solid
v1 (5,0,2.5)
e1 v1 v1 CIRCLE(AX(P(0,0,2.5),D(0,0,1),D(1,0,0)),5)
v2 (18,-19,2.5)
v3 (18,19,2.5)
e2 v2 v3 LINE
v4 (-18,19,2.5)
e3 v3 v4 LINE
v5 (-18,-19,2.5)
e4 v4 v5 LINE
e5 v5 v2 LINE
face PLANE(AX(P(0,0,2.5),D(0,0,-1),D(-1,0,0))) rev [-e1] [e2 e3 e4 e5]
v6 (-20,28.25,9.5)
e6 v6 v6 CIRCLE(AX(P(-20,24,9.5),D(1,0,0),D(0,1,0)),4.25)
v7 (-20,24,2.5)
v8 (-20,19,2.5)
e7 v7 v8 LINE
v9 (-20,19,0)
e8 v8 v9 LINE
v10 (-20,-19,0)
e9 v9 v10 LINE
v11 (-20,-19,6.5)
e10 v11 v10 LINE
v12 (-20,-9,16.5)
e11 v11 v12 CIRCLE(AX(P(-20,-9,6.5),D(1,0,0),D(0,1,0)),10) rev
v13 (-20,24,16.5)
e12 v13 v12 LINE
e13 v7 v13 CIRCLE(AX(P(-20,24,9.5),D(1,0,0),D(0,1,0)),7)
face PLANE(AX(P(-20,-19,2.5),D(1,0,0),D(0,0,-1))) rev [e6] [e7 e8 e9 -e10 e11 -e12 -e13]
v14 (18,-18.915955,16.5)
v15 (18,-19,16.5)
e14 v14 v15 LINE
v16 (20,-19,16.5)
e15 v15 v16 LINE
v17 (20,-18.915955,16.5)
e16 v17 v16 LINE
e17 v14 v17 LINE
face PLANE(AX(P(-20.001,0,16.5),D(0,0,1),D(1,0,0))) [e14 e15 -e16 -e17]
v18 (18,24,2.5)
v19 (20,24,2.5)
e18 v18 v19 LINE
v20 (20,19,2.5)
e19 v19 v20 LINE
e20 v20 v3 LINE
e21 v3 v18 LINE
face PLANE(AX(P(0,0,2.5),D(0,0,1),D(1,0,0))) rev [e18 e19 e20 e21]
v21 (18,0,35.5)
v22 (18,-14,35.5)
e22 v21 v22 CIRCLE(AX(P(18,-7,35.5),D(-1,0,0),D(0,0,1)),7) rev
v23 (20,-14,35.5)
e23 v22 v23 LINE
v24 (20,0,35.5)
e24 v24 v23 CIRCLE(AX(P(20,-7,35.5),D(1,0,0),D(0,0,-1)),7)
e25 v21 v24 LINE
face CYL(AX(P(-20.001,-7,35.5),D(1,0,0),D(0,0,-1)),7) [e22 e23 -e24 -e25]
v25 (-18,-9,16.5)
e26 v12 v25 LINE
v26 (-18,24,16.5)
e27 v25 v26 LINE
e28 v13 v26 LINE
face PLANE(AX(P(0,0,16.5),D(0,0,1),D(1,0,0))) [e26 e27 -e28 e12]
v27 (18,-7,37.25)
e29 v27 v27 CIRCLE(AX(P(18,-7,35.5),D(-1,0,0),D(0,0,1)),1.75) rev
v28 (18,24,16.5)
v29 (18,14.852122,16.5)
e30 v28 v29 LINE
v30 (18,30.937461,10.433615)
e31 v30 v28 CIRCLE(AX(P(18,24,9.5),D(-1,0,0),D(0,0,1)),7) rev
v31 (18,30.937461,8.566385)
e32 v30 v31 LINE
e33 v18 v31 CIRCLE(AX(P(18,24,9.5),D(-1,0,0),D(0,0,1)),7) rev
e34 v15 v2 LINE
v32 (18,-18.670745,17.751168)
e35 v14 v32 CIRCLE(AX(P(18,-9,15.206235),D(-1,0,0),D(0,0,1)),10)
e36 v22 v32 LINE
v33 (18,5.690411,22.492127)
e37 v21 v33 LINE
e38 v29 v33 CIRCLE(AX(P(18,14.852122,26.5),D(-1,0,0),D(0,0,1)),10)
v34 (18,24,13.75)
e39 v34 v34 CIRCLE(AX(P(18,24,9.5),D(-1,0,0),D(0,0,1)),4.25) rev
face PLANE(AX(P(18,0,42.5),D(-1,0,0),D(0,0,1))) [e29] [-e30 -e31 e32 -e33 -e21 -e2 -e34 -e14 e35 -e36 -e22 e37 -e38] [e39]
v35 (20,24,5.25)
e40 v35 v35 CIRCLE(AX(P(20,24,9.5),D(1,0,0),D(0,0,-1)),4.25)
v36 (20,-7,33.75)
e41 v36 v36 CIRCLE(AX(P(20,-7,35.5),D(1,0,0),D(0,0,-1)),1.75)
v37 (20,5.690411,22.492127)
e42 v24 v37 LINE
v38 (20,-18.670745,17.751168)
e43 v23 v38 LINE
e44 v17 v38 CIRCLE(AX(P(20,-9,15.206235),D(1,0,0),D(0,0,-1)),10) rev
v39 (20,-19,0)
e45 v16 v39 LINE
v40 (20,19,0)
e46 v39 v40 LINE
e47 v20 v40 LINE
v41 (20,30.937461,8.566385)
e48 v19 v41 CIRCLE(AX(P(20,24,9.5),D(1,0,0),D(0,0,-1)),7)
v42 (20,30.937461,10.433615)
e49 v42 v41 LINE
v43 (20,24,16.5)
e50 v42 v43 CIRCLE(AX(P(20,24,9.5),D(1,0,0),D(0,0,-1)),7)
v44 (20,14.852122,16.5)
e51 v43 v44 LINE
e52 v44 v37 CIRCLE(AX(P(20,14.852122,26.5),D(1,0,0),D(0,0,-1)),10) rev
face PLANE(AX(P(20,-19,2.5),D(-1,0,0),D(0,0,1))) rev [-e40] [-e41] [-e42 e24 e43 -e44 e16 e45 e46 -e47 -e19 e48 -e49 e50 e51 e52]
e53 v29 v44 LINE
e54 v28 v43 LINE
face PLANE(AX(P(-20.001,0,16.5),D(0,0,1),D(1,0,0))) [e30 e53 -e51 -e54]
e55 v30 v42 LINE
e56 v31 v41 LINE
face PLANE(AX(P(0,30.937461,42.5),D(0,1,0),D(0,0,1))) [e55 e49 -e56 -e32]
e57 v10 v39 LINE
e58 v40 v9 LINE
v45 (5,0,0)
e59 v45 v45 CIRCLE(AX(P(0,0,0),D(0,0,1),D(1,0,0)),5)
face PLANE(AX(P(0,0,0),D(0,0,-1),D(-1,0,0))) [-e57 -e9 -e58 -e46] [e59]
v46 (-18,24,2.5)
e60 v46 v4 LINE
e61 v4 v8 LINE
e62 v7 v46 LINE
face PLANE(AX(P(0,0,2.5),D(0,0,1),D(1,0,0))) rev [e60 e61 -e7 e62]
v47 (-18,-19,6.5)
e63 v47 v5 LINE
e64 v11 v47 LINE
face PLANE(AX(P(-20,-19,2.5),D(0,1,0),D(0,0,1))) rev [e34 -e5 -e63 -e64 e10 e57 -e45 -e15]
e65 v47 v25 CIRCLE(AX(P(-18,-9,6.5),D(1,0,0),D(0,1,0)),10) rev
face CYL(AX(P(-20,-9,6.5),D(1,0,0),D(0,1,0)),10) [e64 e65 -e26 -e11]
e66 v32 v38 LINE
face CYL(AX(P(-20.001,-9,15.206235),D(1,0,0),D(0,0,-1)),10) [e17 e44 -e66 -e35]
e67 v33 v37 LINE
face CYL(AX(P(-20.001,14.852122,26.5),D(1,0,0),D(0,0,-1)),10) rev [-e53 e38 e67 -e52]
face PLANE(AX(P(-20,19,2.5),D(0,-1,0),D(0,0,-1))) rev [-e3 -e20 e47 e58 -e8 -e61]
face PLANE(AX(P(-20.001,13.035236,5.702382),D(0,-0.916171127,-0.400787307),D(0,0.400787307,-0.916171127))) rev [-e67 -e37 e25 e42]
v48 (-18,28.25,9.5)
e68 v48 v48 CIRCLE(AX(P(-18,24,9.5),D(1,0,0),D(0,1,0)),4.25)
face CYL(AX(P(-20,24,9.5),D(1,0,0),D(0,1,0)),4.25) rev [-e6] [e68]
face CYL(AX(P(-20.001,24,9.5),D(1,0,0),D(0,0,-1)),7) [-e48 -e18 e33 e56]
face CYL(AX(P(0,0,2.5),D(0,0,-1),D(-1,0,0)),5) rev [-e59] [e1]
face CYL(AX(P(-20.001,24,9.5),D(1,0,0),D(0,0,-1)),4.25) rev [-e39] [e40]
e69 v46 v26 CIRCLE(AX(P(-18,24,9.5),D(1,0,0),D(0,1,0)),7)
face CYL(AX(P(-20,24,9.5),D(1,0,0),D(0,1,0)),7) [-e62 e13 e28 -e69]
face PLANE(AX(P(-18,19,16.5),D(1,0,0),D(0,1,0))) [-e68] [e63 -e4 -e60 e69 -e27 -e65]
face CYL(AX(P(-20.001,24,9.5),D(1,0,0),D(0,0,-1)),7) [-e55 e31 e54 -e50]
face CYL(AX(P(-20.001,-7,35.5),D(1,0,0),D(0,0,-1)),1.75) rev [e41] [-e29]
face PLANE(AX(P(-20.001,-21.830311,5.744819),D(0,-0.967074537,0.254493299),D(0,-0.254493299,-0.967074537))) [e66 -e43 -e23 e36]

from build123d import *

# Parameters (mm, degrees)
SKETCH_1_W          = 40
SKETCH_1_H          = 38
SKETCH_1_R          = 5
EXTRUDE_1_DEPTH     = 2.5
EXTRUDE_2_DEPTH     = 14
SKETCH_3_R          = 4.25
CUT_EXTRUDE_2_DEPTH = 3
SKETCH_4_W          = 2
SKETCH_4_H          = 11.937460889
SKETCH_4_H_2        = 38
EXTRUDE_3_DEPTH     = 40
CUT_EXTRUDE_3_REACH = 42
SKETCH_5_R          = 1.75
SKETCH_5_R_2        = 4.25


with BuildPart() as part:
    # 草图1 → 凸台-拉伸1 (new body)
    with BuildSketch(Plane.XY):
        Rectangle(SKETCH_1_W, SKETCH_1_H)
        Circle(SKETCH_1_R, mode=Mode.SUBTRACT)
    extrude(amount=EXTRUDE_1_DEPTH)

    # 草图2 → 凸台-拉伸2 (add)
    with BuildSketch(Plane.XY.offset(2.5)):
        Polygon((-18, 19), (-18, -19), (-20, -19), (-20, 19), (-20, 31), (-18, 31), align=None)
    extrude(amount=EXTRUDE_2_DEPTH)

    # 草图3 → 切除-拉伸2 (cut, through all)
    with BuildSketch(Plane(origin=(-18, 0, 0), x_dir=(0, 0, -1), z_dir=(1, 0, 0))):
        with BuildLine():
            Line((-16.5, -19), (-6.5, -19))
            ThreePointArc((-6.5, -19), (-13.571067812, -16.071067812), (-16.5, -9))
            Line((-16.5, -9), (-16.5, -19))
        make_face()
        with BuildLine():
            Line((-16.5, 31), (-16.5, 24))
            ThreePointArc((-16.5, 24), (-14.449747468, 28.949747468), (-9.5, 31))
            Line((-9.5, 31), (-16.5, 31))
        make_face()
        with BuildLine():
            ThreePointArc((-9.5, 31), (-4.550252532, 28.949747468), (-2.5, 24))
            Line((-2.5, 24), (-2.5, 31))
            Line((-2.5, 31), (-9.5, 31))
        make_face()
        with Locations((-9.5, 24)):
            Circle(SKETCH_3_R)
    extrude(amount=-CUT_EXTRUDE_2_DEPTH, mode=Mode.SUBTRACT)

    # 草图4 → 凸台-拉伸3 (add)
    with BuildSketch(Plane.XY.offset(2.5)):
        with Locations((19, 24.968730445)):
            Rectangle(SKETCH_4_W, SKETCH_4_H)
        with Locations((19, 0)):
            Rectangle(SKETCH_4_W, SKETCH_4_H_2)
    extrude(amount=EXTRUDE_3_DEPTH)

    # 草图5 → 切除-拉伸3 (cut, up to next)
    with BuildSketch(Plane(origin=(20, 0, 0), x_dir=(0, 0, -1), z_dir=(1, 0, 0)), mode=Mode.PRIVATE) as cut_extrude_3_sk1:
        with BuildLine():
            ThreePointArc((-35.5, -14), (-40.449747452, -11.949747484), (-42.5, -7.000000045))
            Line((-42.5, -7.000000045), (-42.5, -19))
            Line((-42.5, -19), (-16.5, -19))
            Line((-16.5, -19), (-16.5, -18.915955378))
            ThreePointArc((-16.5, -18.915955378), (-17.129495713, -18.813310688), (-17.751167584, -18.670745373))
            Line((-17.751167584, -18.670745373), (-35.5, -14))
        make_face()
    cut_extrude_3_tool1 = extrude(cut_extrude_3_sk1.sketch, amount=-CUT_EXTRUDE_3_REACH, mode=Mode.PRIVATE) & part.part
    add(cut_extrude_3_tool1.solids().sort_by_distance((20, -16.467085, 34.190758))[0], mode=Mode.SUBTRACT)
    # 草图5 → 切除-拉伸3 (cut, up to next)
    with BuildSketch(Plane(origin=(20, 0, 0), x_dir=(0, 0, -1), z_dir=(1, 0, 0)), mode=Mode.PRIVATE) as cut_extrude_3_sk2:
        with BuildLine():
            ThreePointArc((-16.5, 24), (-14.769502014, 28.60785726), (-10.433614706, 30.937460889))
            Line((-10.433614706, 30.937460889), (-42.5, 30.937460889))
            Line((-42.5, 30.937460889), (-42.5, -7.000000045))
            ThreePointArc((-42.5, -7.000000045), (-40.449747484, -2.050252548), (-35.5, 0))
            Line((-35.5, 0), (-22.492126933, 5.690411164))
            ThreePointArc((-22.492126933, 5.690411164), (-18.131047537, 9.37849159), (-16.5, 14.852122439))
            Line((-16.5, 14.852122439), (-16.5, 24))
        make_face()
    cut_extrude_3_tool2 = extrude(cut_extrude_3_sk2.sketch, amount=-CUT_EXTRUDE_3_REACH, mode=Mode.PRIVATE) & part.part
    add(cut_extrude_3_tool2.solids().sort_by_distance((20, 16.838407, 30.295804))[0], mode=Mode.SUBTRACT)
    # 草图5 → 切除-拉伸3 (cut, up to next)
    with BuildSketch(Plane(origin=(20, 0, 0), x_dir=(0, 0, -1), z_dir=(1, 0, 0)), mode=Mode.PRIVATE) as cut_extrude_3_sk3:
        with BuildLine():
            Line((-2.5, 24), (-2.5, 25))
            Line((-2.5, 25), (-2.5, 30.937460889))
            Line((-2.5, 30.937460889), (-8.566385294, 30.937460889))
            ThreePointArc((-8.566385294, 30.937460889), (-4.230497986, 28.60785726), (-2.5, 24))
        make_face()
    cut_extrude_3_tool3 = extrude(cut_extrude_3_sk3.sketch, amount=-CUT_EXTRUDE_3_REACH, mode=Mode.PRIVATE) & part.part
    add(cut_extrude_3_tool3.solids().sort_by_distance((20, 29.375995, 3.999369))[0], mode=Mode.SUBTRACT)
    # 草图5 → 切除-拉伸3 (cut, up to next)
    with BuildSketch(Plane(origin=(20, 0, 0), x_dir=(0, 0, -1), z_dir=(1, 0, 0)), mode=Mode.PRIVATE) as cut_extrude_3_sk4:
        with Locations((-35.5, -7)):
            Circle(SKETCH_5_R)
    cut_extrude_3_tool4 = extrude(cut_extrude_3_sk4.sketch, amount=-CUT_EXTRUDE_3_REACH, mode=Mode.PRIVATE) & part.part
    add(cut_extrude_3_tool4.solids().sort_by_distance((20, -7, 35.5))[0], mode=Mode.SUBTRACT)
    # 草图5 → 切除-拉伸3 (cut, up to next)
    with BuildSketch(Plane(origin=(20, 0, 0), x_dir=(0, 0, -1), z_dir=(1, 0, 0)), mode=Mode.PRIVATE) as cut_extrude_3_sk5:
        with Locations((-9.5, 24)):
            Circle(SKETCH_5_R_2)
    cut_extrude_3_tool5 = extrude(cut_extrude_3_sk5.sketch, amount=-CUT_EXTRUDE_3_REACH, mode=Mode.PRIVATE) & part.part
    add(cut_extrude_3_tool5.solids().sort_by_distance((20, 24, 9.5))[0], mode=Mode.SUBTRACT)


solid = part.part
